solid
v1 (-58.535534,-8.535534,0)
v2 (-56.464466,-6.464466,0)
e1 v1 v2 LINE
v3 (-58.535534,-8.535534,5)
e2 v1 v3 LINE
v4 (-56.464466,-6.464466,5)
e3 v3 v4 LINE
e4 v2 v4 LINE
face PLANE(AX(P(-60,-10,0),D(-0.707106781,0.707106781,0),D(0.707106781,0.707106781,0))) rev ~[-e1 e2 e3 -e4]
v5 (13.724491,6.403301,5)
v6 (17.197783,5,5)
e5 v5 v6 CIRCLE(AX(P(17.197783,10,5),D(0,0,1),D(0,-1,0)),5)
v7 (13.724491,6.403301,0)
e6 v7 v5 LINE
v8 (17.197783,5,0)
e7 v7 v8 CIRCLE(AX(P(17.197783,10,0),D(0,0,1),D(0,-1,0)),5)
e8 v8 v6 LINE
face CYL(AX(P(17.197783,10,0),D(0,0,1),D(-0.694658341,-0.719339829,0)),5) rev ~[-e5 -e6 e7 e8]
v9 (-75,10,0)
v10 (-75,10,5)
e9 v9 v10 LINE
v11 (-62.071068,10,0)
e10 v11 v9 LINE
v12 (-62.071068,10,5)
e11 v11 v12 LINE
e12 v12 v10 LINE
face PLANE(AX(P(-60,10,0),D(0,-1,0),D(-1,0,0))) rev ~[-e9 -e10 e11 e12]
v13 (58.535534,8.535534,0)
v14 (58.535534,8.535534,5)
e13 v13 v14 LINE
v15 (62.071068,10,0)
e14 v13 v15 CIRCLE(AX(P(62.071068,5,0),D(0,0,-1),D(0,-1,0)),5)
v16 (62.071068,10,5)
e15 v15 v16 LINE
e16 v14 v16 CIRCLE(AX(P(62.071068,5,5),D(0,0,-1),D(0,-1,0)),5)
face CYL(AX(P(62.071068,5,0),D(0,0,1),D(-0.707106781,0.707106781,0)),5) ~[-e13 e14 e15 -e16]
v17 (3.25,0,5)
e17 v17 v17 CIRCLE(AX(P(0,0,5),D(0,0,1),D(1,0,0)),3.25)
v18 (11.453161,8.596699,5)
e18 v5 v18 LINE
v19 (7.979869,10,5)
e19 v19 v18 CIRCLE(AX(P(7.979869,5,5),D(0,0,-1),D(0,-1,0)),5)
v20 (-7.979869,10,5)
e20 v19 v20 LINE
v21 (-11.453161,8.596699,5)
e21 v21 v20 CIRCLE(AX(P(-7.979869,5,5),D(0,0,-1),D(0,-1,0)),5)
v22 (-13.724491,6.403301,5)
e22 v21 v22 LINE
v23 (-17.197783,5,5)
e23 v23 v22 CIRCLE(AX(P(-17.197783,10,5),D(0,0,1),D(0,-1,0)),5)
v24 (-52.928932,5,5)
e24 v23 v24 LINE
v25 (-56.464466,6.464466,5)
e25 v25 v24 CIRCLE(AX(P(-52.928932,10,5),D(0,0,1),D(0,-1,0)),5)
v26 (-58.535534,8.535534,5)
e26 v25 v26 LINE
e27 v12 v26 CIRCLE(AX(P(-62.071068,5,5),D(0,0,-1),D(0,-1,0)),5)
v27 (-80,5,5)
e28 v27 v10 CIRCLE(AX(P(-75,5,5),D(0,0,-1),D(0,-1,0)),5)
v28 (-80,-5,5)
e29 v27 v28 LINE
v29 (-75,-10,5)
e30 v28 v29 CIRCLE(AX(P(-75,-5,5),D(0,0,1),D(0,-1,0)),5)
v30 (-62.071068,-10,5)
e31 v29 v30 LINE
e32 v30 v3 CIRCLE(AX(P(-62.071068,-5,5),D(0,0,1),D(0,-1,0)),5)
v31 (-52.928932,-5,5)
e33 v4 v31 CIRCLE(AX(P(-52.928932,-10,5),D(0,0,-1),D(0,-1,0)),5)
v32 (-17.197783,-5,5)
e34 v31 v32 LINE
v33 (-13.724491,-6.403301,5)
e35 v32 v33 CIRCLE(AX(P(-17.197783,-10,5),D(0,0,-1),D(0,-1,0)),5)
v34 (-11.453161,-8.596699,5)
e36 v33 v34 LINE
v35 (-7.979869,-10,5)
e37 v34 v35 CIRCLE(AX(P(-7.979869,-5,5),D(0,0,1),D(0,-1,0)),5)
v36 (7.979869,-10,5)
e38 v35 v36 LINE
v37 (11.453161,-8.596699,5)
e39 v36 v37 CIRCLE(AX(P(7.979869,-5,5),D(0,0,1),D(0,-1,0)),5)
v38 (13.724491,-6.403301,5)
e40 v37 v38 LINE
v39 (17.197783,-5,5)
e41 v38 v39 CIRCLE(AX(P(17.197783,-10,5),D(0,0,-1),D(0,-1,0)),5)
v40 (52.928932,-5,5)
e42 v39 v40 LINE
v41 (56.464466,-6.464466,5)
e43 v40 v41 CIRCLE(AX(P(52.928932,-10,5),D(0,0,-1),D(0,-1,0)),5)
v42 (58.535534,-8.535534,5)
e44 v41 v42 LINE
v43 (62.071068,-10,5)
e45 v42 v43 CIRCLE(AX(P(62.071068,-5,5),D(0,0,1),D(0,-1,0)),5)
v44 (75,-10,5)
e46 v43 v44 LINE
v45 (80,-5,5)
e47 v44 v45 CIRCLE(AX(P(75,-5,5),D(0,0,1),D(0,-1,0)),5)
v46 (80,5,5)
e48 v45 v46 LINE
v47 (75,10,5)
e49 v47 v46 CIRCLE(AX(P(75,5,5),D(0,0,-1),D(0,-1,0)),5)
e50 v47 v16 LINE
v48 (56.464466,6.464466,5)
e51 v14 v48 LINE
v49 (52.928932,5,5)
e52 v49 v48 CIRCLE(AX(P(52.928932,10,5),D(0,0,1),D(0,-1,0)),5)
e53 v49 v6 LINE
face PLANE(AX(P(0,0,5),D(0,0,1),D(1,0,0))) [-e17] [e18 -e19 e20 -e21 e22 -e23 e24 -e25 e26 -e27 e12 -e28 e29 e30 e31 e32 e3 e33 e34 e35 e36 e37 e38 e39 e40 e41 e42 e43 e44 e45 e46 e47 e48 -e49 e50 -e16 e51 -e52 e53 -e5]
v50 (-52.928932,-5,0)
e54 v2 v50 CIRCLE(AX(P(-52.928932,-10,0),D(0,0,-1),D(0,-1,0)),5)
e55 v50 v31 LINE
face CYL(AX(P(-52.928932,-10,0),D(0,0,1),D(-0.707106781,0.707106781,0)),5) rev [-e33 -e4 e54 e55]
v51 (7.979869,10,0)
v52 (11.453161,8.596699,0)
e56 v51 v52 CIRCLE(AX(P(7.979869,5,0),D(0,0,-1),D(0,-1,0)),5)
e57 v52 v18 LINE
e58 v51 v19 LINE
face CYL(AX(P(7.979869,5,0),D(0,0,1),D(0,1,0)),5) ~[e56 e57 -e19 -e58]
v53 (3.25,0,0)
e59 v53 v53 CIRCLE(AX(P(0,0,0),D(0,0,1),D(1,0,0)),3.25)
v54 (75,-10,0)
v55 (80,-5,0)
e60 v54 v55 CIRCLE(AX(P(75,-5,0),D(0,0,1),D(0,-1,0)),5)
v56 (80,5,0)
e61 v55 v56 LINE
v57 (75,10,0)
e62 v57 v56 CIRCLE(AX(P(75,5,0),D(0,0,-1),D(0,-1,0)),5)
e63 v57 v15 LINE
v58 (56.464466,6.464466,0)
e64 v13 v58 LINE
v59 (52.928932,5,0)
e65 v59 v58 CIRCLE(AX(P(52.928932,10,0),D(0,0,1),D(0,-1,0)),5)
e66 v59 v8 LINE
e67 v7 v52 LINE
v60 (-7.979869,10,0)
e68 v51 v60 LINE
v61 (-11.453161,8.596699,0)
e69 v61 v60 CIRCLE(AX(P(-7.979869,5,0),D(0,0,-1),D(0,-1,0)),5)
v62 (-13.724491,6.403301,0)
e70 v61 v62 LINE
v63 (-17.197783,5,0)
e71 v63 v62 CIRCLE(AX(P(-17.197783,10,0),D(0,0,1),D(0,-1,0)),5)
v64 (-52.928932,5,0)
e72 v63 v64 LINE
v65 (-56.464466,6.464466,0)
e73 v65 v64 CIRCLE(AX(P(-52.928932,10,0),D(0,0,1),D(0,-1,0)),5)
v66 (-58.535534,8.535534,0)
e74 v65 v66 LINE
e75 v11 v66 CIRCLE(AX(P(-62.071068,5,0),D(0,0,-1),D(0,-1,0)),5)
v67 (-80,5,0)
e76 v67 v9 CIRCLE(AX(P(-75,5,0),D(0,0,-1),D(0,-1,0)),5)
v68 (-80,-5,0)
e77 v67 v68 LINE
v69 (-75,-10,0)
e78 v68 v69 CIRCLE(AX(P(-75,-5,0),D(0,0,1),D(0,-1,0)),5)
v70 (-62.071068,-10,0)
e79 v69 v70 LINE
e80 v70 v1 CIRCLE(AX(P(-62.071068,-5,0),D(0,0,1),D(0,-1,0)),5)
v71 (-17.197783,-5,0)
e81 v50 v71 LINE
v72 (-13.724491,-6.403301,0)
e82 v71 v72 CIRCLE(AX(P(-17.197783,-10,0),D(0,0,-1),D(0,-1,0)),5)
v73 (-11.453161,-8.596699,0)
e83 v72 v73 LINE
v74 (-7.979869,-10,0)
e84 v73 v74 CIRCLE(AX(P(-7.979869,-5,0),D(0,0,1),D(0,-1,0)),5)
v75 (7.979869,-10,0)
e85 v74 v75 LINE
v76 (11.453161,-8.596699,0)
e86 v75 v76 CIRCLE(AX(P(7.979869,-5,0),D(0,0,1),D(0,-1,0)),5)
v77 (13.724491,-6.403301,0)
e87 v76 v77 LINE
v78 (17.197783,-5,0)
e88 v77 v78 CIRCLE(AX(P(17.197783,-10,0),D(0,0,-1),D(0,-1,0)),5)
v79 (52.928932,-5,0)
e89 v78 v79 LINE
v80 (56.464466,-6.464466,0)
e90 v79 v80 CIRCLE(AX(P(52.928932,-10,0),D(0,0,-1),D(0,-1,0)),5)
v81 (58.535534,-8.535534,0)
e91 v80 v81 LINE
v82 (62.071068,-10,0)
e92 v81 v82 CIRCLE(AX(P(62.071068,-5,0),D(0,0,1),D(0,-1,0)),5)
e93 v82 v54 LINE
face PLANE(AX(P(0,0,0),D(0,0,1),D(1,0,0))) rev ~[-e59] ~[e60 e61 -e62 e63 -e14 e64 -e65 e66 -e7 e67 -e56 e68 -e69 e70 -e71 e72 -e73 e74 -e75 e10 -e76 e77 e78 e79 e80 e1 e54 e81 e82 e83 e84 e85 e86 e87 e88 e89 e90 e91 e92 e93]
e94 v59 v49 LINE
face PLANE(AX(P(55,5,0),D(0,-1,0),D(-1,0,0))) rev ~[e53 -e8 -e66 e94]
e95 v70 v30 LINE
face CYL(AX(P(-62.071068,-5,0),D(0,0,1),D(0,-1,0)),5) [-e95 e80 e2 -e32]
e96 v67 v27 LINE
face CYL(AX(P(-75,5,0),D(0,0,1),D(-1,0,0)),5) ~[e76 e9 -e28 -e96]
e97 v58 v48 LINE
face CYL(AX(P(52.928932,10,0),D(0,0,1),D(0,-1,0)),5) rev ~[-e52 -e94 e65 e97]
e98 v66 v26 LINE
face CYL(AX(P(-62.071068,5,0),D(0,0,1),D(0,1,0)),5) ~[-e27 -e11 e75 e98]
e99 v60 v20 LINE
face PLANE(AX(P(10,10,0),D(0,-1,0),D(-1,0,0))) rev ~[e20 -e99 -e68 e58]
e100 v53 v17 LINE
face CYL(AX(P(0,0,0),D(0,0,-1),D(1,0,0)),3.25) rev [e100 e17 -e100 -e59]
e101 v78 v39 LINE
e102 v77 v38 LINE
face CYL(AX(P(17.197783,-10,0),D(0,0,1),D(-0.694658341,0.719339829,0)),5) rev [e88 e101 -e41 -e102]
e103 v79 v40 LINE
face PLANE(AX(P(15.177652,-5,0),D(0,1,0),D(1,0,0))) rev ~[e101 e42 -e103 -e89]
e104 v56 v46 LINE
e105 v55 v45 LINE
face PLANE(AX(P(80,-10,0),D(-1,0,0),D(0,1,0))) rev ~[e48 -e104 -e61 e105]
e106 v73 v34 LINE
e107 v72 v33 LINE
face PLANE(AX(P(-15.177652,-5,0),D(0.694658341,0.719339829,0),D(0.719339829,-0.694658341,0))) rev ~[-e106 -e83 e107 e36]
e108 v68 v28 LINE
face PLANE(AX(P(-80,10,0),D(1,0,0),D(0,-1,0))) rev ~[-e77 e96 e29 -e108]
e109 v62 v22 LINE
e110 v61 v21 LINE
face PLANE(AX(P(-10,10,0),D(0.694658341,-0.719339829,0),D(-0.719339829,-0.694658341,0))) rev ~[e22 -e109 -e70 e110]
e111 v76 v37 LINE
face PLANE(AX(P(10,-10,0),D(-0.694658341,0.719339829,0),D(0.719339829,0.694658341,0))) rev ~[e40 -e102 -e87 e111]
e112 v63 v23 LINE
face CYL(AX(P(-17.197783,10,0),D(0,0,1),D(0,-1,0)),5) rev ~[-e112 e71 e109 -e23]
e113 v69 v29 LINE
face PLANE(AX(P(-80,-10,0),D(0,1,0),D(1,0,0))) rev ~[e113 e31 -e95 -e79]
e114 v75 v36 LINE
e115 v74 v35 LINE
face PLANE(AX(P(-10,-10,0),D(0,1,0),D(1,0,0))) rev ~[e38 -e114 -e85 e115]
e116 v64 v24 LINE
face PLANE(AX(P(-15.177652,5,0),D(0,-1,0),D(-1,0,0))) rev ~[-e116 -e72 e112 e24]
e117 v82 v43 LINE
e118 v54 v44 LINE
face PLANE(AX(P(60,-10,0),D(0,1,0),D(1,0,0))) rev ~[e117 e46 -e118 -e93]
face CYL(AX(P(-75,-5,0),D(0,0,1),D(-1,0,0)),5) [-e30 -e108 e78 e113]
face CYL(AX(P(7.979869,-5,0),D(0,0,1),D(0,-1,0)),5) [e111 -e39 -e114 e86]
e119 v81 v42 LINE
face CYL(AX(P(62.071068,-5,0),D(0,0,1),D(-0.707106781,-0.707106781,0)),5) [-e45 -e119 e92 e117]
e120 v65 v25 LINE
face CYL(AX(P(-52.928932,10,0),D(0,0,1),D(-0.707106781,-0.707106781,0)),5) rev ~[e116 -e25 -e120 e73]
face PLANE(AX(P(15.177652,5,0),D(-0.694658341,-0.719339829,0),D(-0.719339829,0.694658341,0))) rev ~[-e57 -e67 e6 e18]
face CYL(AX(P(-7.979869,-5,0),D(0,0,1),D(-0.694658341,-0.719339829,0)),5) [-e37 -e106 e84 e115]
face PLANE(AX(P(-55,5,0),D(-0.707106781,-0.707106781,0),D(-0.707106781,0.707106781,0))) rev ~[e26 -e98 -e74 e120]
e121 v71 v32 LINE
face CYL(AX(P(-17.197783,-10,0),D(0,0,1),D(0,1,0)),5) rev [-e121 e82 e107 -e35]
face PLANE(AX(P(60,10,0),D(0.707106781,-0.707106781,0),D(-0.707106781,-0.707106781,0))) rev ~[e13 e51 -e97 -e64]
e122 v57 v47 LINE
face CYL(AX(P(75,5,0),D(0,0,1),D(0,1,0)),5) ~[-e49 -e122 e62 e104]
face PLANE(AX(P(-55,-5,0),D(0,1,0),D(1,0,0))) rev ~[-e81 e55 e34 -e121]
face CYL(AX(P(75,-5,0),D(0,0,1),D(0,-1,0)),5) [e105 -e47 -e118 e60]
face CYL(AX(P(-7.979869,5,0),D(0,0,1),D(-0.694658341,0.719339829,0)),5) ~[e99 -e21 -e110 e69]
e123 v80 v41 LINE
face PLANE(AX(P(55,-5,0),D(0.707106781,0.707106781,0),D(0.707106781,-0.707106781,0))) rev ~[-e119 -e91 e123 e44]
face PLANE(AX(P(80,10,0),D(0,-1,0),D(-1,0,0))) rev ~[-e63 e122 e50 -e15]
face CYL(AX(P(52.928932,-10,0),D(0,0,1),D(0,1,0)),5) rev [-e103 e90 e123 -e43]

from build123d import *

# Parameters (mm, degrees)
F0_R     = 3.25
F1_DEPTH = 5
F2_R     = 5


with BuildPart() as f1:
    # F0 (on Top) → F1 (new body)
    with BuildSketch(Plane.XY):
        Polygon((-80, 10), (-80, -10), (-60, -10), (-55, -5), (-15.177652, -5), (-10, -10), (10, -10), (15.177652, -5), (55, -5), (60, -10), (80, -10), (80, 10), (60, 10), (55, 5), (15.177652, 5), (10, 10), (-10, 10), (-15.177652, 5), (-55, 5), (-60, 10), align=None)
        Circle(F0_R, mode=Mode.SUBTRACT)
    extrude(amount=F1_DEPTH)

    # F2
    f2_edges = [f1.edges().sort_by_distance(p)[0] for p in [
        (-80, -10, 2.5),
        (-55, -5, 2.5),
        (-10, -10, 2.5),
        (10, -10, 2.5),
        (15.177652, -5, 2.5),
        (60, -10, 2.5),
        (80, -10, 2.5),
        (80, 10, 2.5),
        (60, 10, 2.5),
        (10, 10, 2.5),
        (15.177652, 5, 2.5),
        (-55, 5, 2.5),
        (-60, 10, 2.5),
        (-80, 10, 2.5),
        (-10, 10, 2.5),
        (55, 5, 2.5),
        (-15.177652, 5, 2.5),
        (-15.177652, -5, 2.5),
        (55, -5, 2.5),
        (-60, -10, 2.5),
    ]]
    fillet(f2_edges, radius=F2_R)


solid = f1.part
